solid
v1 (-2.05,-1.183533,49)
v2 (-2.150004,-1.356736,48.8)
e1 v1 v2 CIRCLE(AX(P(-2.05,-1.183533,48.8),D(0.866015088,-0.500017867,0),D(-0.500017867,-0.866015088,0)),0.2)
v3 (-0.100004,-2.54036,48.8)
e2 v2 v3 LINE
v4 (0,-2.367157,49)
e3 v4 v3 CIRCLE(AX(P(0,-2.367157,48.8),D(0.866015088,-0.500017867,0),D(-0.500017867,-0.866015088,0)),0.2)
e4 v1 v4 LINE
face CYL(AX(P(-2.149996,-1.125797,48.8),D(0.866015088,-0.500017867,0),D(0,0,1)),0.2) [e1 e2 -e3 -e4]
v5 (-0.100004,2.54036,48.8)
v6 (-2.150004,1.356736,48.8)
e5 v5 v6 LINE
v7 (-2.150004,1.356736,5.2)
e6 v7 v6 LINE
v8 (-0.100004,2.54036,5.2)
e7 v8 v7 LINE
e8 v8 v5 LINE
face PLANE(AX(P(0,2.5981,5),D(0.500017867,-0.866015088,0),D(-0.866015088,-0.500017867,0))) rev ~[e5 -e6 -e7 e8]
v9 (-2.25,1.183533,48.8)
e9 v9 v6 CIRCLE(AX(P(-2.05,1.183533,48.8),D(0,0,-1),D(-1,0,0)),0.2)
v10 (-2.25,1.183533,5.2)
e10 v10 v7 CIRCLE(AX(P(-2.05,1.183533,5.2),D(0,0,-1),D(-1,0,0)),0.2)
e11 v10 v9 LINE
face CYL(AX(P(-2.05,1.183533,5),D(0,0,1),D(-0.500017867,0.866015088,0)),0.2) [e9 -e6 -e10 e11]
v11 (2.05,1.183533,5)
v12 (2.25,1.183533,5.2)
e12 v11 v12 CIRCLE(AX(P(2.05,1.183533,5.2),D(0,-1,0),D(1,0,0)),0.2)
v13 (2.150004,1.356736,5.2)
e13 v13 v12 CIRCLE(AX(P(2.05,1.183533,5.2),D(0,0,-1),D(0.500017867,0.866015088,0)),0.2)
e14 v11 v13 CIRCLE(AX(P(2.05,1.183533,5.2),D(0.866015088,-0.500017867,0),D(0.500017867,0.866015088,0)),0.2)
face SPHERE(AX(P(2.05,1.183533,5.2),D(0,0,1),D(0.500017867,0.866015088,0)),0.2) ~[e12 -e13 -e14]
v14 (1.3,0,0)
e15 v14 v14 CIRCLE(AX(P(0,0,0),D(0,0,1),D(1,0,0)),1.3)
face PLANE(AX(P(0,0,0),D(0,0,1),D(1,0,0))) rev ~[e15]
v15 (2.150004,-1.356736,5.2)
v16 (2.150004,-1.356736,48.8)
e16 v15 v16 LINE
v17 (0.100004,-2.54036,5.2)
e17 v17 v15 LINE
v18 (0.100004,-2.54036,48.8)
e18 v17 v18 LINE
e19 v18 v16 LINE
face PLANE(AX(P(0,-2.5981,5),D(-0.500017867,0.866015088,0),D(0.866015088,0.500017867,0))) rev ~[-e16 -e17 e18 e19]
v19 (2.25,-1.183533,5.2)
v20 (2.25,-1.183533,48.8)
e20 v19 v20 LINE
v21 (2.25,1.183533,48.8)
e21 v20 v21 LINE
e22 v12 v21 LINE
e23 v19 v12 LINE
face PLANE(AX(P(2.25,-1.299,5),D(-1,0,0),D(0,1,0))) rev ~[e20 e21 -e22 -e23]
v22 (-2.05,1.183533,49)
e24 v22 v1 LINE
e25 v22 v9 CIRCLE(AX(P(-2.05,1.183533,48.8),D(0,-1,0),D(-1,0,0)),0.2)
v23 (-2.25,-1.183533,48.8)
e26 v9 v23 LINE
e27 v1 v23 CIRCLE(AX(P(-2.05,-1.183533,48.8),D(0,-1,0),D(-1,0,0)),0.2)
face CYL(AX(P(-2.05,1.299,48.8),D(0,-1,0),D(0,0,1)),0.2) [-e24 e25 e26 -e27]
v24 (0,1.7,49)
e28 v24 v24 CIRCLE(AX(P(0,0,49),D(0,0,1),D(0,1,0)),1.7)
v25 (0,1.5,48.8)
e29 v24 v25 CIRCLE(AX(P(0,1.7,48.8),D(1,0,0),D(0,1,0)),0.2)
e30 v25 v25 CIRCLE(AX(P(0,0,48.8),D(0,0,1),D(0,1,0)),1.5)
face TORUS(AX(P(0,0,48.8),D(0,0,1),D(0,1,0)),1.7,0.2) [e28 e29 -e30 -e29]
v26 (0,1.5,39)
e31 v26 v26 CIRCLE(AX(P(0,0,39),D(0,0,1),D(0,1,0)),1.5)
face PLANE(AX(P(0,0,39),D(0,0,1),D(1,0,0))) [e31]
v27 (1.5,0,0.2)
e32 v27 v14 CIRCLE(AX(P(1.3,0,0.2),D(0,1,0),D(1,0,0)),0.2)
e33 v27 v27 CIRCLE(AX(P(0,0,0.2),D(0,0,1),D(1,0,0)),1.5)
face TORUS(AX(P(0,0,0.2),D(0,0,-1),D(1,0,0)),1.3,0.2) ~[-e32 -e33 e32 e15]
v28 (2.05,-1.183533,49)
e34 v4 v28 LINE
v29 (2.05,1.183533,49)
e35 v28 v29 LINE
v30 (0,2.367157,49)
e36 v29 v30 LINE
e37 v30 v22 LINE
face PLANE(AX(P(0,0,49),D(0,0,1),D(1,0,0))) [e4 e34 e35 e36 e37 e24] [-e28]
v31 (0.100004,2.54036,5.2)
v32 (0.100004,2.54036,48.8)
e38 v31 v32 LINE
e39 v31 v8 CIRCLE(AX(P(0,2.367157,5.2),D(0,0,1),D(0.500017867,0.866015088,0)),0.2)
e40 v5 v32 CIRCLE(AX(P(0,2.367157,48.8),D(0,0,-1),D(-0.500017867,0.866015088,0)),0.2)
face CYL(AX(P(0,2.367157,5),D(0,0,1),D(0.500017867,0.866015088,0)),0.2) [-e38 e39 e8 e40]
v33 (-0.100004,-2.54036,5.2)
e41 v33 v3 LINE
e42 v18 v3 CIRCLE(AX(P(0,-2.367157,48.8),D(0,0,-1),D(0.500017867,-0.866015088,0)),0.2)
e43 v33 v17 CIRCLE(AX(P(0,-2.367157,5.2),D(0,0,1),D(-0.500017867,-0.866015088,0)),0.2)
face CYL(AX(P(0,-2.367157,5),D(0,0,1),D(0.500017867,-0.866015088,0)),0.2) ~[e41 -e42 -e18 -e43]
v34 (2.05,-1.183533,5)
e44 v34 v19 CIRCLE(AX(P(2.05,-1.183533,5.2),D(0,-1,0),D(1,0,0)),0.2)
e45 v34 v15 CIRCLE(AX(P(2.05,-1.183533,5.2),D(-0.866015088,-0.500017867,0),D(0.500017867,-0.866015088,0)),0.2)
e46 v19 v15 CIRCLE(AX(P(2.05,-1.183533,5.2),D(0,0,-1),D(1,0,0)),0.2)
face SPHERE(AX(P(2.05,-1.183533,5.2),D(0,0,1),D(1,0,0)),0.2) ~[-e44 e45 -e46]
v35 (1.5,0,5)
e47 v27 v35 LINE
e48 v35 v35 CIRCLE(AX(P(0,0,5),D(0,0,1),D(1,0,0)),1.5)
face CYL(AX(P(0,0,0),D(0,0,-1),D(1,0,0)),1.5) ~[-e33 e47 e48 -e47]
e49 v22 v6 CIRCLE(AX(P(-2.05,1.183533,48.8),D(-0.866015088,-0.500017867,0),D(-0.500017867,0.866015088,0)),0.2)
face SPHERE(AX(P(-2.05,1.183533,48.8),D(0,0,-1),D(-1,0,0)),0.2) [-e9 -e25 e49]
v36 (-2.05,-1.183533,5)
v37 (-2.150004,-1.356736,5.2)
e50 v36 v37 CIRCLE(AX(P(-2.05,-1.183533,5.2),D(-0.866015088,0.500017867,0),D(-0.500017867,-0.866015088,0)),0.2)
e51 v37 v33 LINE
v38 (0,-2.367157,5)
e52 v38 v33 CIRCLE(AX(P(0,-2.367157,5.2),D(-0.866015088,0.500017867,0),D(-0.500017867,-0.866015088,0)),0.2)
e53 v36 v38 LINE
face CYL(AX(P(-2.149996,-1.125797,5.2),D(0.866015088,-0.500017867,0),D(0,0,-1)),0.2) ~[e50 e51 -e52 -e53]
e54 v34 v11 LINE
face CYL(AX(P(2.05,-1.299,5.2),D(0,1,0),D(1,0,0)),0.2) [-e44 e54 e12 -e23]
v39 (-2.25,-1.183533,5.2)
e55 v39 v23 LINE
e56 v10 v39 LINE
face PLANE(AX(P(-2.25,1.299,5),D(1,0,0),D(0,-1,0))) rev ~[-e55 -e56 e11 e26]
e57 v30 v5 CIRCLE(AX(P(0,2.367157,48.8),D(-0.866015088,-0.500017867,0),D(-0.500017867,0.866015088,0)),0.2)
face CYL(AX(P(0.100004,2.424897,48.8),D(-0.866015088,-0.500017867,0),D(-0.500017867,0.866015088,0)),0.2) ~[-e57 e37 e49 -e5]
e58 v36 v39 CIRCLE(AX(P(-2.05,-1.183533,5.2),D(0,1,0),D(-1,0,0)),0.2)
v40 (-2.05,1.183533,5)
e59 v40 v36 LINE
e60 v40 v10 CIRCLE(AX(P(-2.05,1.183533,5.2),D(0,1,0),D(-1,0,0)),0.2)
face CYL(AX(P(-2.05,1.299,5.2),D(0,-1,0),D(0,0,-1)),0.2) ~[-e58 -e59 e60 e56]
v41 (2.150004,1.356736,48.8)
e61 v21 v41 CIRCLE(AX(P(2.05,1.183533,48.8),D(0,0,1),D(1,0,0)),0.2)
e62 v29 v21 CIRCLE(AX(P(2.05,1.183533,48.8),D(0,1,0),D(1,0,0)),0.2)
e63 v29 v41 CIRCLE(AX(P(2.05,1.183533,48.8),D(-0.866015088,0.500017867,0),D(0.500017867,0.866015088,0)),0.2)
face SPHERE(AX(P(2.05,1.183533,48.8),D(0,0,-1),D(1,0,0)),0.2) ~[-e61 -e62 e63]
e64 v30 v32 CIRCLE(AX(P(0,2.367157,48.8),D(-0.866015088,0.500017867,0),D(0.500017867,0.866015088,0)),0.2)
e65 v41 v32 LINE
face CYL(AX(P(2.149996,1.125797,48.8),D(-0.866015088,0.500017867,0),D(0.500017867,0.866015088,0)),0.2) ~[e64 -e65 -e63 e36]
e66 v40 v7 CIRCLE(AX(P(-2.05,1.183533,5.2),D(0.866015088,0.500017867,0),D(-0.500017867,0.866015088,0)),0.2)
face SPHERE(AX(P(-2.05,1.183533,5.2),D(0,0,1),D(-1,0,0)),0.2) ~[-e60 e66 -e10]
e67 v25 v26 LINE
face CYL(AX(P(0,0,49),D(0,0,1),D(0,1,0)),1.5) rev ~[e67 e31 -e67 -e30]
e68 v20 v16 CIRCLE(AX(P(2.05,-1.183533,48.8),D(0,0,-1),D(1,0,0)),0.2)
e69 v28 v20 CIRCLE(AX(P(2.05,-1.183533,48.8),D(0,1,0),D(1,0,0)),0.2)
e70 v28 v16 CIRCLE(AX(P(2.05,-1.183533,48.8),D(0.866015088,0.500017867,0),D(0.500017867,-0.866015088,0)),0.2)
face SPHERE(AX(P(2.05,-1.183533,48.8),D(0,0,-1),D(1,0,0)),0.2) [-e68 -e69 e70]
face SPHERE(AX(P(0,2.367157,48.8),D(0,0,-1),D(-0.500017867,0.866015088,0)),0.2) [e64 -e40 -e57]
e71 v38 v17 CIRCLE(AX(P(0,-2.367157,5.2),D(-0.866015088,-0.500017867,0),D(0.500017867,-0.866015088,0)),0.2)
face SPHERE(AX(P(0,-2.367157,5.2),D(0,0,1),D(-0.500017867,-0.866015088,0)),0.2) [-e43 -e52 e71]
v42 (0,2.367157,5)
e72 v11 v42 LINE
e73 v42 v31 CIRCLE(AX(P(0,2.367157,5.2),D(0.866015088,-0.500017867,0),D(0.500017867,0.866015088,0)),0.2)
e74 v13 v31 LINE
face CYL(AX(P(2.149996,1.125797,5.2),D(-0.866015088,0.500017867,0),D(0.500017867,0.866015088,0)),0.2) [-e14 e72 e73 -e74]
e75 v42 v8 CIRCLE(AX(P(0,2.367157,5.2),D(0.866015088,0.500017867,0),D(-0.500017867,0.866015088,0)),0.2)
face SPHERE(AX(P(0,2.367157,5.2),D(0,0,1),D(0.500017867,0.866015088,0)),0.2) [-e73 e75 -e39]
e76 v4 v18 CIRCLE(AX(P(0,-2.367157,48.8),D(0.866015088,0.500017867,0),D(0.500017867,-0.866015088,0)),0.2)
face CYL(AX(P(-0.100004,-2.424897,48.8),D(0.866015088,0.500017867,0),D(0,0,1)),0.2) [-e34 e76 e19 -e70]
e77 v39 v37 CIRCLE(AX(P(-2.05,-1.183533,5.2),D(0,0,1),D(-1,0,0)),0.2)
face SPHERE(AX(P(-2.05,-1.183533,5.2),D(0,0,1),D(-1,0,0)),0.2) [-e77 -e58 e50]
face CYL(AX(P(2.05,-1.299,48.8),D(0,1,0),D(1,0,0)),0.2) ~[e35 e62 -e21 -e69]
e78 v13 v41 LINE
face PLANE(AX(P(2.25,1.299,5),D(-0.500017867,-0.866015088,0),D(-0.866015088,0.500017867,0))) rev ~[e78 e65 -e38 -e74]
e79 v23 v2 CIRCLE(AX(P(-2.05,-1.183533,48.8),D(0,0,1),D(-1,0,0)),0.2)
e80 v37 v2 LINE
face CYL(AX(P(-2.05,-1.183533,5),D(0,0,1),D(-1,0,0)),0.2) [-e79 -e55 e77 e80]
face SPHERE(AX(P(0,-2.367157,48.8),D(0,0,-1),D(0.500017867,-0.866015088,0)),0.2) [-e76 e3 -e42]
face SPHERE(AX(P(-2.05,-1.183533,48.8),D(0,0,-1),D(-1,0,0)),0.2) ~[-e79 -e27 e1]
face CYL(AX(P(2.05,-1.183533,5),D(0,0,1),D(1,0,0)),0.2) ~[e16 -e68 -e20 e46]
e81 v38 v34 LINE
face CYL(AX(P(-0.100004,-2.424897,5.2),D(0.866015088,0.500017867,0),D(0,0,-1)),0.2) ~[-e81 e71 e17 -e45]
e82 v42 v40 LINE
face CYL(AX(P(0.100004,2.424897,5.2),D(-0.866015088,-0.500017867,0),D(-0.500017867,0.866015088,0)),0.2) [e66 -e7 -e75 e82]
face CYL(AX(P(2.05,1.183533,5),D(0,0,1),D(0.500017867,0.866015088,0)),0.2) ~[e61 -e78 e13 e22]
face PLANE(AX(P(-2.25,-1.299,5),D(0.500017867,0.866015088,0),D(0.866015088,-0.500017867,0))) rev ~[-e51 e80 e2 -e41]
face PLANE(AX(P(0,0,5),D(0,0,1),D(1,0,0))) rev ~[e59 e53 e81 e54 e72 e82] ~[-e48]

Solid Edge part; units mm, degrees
sketch "Sketch1" plane through (0, 0, 0) normal (0, 0, 1) x (1, 0, 0)
  circle A0 centre (0, 0) radius 1.5
extrude "Protrusion1" add sketch "Sketch1" along normal blind 5
sketch "Sketch2" plane through (0, 0, 5) normal (0, 0, 1) x (1, 0, 0)
  line L0 (2.25, 1.299) -> (0, 2.5981)
  line L1 (0, 2.5981) -> (-2.25, 1.299)
  line L2 (-2.25, 1.299) -> (-2.25, -1.299)
  line L3 (-2.25, -1.299) -> (0, -2.5981)
  line L4 (0, -2.5981) -> (2.25, -1.299)
  line L5 (2.25, -1.299) -> (2.25, 1.299)
extrude "ExtrudedProtrusion_2" add sketch "Sketch2" along normal blind 44
sketch "Sketch3" plane through (0, 0, 49) normal (0, 0, 1) x (0, 1, 0)
  circle A0 centre (0, 0) radius 1.5
extrude "ExtrudedCutout_1" cut sketch "Sketch3" against normal blind 10
fillet "Round_1" radius 0.2 20 edges at (2.25, -1.299, 27) (2.25, 1.299, 27) (2.25, 0, 49) (1.125, 1.9486, 49) (0, -1.5, 49) (0, 2.5981, 27) (1.125, 1.9486, 5) (2.25, 0, 5) (1.125, -1.9486, 5) (0, -2.5981, 27) (1.125, -1.9486, 49) (-1.125, -1.9486, 49) (-1.125, -1.9486, 5) (-2.25, -1.299, 27) (-2.25, 0, 49) (-1.125, 1.9486, 49) (-2.25, 1.299, 27) (-2.25, 0, 5) (-1.125, 1.9486, 5) (-1.5, 0, 0)
properties material "Brass, yellow brass"
